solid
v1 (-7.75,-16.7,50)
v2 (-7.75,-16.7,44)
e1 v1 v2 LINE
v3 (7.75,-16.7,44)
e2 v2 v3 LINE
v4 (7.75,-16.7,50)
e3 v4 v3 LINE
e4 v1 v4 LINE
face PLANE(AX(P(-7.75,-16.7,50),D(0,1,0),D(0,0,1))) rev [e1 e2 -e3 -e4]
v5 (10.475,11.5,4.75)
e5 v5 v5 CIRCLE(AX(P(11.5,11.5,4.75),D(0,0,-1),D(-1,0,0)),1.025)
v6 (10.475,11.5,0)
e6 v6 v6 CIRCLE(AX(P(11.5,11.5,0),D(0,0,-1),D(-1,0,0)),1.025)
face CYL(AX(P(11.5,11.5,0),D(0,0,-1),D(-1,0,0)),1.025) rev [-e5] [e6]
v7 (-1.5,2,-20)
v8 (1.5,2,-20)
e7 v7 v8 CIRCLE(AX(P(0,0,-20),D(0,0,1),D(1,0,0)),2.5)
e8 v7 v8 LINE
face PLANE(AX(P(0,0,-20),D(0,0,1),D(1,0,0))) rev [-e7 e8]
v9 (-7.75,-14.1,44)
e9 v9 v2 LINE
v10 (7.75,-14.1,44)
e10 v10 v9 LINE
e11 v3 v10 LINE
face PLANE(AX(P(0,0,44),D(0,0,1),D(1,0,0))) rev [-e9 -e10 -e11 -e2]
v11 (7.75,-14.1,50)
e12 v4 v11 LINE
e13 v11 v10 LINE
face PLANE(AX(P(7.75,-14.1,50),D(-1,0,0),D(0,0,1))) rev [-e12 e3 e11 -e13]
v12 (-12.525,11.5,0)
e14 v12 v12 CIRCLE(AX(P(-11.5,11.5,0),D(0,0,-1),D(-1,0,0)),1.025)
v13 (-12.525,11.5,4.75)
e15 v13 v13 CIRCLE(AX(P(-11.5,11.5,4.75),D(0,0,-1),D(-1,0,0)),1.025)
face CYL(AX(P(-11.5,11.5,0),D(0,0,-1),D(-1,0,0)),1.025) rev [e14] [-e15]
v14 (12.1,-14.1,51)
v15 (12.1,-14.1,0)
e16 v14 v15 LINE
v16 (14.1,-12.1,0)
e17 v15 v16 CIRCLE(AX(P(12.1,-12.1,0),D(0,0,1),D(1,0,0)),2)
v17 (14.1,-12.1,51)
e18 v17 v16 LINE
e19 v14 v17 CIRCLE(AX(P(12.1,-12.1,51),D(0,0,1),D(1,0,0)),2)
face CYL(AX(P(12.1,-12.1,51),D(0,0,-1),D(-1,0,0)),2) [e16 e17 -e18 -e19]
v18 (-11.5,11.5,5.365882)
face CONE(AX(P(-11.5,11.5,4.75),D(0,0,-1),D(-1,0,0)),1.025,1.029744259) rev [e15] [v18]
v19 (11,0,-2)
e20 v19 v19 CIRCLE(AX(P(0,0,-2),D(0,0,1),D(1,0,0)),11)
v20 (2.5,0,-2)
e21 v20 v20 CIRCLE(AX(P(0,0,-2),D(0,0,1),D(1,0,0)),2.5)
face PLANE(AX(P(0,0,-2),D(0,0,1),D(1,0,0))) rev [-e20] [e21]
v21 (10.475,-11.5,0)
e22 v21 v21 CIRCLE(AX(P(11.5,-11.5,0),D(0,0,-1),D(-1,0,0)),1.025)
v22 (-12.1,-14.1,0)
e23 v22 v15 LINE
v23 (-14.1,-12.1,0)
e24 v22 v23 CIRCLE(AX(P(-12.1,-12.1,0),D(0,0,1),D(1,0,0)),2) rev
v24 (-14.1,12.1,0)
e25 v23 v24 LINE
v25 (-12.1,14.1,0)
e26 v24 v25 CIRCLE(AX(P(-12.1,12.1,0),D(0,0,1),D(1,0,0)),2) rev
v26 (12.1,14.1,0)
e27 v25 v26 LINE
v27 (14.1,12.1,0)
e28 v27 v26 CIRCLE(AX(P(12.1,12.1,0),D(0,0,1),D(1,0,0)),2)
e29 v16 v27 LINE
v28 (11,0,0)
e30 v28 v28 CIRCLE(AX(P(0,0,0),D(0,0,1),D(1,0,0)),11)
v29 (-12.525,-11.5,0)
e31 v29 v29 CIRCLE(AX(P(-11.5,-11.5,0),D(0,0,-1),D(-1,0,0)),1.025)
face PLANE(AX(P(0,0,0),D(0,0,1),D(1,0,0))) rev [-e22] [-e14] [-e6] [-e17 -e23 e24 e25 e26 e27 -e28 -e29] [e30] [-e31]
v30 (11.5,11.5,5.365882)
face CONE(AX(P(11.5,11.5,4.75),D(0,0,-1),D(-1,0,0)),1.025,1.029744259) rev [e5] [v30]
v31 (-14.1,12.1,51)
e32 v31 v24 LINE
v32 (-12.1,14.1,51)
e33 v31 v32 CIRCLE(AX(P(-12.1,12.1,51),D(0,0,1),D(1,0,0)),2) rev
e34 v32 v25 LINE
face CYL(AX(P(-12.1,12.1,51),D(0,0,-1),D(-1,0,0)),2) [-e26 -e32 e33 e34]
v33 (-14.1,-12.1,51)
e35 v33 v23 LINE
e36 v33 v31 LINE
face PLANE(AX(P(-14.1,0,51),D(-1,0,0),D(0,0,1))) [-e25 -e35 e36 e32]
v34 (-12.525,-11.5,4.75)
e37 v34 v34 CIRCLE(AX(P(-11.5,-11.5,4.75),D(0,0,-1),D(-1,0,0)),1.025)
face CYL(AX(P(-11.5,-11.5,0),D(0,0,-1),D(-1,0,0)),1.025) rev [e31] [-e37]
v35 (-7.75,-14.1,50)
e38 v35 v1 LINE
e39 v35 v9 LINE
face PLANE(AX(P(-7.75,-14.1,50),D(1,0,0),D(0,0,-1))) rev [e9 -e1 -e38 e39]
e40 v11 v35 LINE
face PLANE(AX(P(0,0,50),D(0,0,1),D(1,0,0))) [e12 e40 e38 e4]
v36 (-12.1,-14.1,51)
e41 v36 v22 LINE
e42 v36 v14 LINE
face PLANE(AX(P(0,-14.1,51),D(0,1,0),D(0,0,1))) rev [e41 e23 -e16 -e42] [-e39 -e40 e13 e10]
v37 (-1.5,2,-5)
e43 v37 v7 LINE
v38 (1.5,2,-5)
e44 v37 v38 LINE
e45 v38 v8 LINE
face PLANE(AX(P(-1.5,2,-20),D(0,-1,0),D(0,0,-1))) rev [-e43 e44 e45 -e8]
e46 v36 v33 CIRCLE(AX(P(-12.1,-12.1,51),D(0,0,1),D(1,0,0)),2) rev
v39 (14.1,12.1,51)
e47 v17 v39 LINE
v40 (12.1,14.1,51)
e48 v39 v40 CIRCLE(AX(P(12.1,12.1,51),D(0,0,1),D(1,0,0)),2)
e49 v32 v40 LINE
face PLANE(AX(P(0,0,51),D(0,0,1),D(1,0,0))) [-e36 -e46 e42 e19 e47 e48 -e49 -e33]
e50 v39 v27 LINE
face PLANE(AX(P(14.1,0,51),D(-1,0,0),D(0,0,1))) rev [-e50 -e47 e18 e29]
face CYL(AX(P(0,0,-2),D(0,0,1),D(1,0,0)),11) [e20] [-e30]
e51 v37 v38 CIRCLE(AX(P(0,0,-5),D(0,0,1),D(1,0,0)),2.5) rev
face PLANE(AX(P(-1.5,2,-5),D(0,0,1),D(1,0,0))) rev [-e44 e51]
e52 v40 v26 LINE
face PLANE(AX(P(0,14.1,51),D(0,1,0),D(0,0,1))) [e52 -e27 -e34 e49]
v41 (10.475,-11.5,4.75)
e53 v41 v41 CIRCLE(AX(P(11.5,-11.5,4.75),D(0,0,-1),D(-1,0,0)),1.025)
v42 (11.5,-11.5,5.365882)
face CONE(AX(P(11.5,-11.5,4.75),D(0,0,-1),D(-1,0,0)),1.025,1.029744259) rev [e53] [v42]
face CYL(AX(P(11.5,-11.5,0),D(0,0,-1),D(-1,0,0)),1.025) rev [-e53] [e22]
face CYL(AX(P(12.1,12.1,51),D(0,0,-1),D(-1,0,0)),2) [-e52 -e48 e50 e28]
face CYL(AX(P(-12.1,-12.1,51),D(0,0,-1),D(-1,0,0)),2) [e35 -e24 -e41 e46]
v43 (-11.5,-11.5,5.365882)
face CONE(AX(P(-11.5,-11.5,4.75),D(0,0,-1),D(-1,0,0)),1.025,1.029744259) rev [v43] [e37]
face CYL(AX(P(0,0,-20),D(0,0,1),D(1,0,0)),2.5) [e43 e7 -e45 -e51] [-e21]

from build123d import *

# Parameters (mm, degrees)
EXTRUDE_2_DEPTH          = 51
HOLE_WIZARD_M2_5_1_D     = 2.05
HOLE_WIZARD_M2_5_1_DEPTH = 4.75
HOLE_WIZARD_M2_5_1_TIP   = 0.615882135
SKETCH_7_R               = 11
SKETCH_7_R_2             = 2.5
EXTRUDE_3_DEPTH          = 2
SKETCH_7_2_R             = 2.5
EXTRUDE_4_DEPTH          = 20
SKETCH_8_W               = 15
SKETCH_8_H               = 0.5
CUT_EXTRUDE_1_DEPTH      = 1.5
SKETCH_9_W               = 15.5
SKETCH_9_H               = 2.6
EXTRUDE_5_DEPTH          = 6


with BuildPart() as part:
    # 草图1 → 凸台-拉伸2 (new body)
    with BuildSketch(Plane.XY):
        with BuildLine():
            Line((-12.1, -14.1), (12.1, -14.1))
            ThreePointArc((12.1, -14.1), (13.514213562, -13.514213562), (14.1, -12.1))
            Line((14.1, -12.1), (14.1, 12.1))
            ThreePointArc((14.1, 12.1), (13.514213562, 13.514213562), (12.1, 14.1))
            Line((12.1, 14.1), (-12.1, 14.1))
            ThreePointArc((-12.1, 14.1), (-13.514213562, 13.514213562), (-14.1, 12.1))
            Line((-14.1, 12.1), (-14.1, -12.1))
            ThreePointArc((-14.1, -12.1), (-13.514213562, -13.514213562), (-12.1, -14.1))
        make_face()
    extrude(amount=EXTRUDE_2_DEPTH)

    # M2.5 螺纹孔1
    with Locations(Plane(origin=(0, 0, 0), x_dir=(-1, 0, 0), z_dir=(0, 0, -1))):
        with Locations((-11.5, 11.5), (11.5, 11.5), (11.5, -11.5), (-11.5, -11.5)):
            Hole(HOLE_WIZARD_M2_5_1_D / 2, depth=HOLE_WIZARD_M2_5_1_DEPTH)
            with Locations((0, 0, -(HOLE_WIZARD_M2_5_1_DEPTH + HOLE_WIZARD_M2_5_1_TIP / 2))):  # 118° drill point
                Cone(0, HOLE_WIZARD_M2_5_1_D / 2, HOLE_WIZARD_M2_5_1_TIP, mode=Mode.SUBTRACT)

    # 草图7 → 凸台-拉伸3 (add)
    with BuildSketch(Plane.XY):
        Circle(SKETCH_7_R)
        Circle(SKETCH_7_R_2, mode=Mode.SUBTRACT)
    extrude(amount=-EXTRUDE_3_DEPTH)

    # 草图7<2> → 凸台-拉伸4 (add)
    with BuildSketch(Plane.XY):
        Circle(SKETCH_7_2_R)
    extrude(amount=-EXTRUDE_4_DEPTH)

    # 草图8 → 切除-拉伸1 (cut, symmetric)
    with BuildSketch(Plane(origin=(0, 0, 0), x_dir=(0, 0, -1), z_dir=(1, 0, 0))):
        with Locations((12.5, 2.25)):
            Rectangle(SKETCH_8_W, SKETCH_8_H)
    extrude(amount=CUT_EXTRUDE_1_DEPTH, both=True, mode=Mode.SUBTRACT)

    # 草图9 → 凸台-拉伸5 (add)
    with BuildSketch(Plane.XY.offset(44)):
        with Locations((0, -15.4)):
            Rectangle(SKETCH_9_W, SKETCH_9_H)
    extrude(amount=EXTRUDE_5_DEPTH)


solid = part.part
